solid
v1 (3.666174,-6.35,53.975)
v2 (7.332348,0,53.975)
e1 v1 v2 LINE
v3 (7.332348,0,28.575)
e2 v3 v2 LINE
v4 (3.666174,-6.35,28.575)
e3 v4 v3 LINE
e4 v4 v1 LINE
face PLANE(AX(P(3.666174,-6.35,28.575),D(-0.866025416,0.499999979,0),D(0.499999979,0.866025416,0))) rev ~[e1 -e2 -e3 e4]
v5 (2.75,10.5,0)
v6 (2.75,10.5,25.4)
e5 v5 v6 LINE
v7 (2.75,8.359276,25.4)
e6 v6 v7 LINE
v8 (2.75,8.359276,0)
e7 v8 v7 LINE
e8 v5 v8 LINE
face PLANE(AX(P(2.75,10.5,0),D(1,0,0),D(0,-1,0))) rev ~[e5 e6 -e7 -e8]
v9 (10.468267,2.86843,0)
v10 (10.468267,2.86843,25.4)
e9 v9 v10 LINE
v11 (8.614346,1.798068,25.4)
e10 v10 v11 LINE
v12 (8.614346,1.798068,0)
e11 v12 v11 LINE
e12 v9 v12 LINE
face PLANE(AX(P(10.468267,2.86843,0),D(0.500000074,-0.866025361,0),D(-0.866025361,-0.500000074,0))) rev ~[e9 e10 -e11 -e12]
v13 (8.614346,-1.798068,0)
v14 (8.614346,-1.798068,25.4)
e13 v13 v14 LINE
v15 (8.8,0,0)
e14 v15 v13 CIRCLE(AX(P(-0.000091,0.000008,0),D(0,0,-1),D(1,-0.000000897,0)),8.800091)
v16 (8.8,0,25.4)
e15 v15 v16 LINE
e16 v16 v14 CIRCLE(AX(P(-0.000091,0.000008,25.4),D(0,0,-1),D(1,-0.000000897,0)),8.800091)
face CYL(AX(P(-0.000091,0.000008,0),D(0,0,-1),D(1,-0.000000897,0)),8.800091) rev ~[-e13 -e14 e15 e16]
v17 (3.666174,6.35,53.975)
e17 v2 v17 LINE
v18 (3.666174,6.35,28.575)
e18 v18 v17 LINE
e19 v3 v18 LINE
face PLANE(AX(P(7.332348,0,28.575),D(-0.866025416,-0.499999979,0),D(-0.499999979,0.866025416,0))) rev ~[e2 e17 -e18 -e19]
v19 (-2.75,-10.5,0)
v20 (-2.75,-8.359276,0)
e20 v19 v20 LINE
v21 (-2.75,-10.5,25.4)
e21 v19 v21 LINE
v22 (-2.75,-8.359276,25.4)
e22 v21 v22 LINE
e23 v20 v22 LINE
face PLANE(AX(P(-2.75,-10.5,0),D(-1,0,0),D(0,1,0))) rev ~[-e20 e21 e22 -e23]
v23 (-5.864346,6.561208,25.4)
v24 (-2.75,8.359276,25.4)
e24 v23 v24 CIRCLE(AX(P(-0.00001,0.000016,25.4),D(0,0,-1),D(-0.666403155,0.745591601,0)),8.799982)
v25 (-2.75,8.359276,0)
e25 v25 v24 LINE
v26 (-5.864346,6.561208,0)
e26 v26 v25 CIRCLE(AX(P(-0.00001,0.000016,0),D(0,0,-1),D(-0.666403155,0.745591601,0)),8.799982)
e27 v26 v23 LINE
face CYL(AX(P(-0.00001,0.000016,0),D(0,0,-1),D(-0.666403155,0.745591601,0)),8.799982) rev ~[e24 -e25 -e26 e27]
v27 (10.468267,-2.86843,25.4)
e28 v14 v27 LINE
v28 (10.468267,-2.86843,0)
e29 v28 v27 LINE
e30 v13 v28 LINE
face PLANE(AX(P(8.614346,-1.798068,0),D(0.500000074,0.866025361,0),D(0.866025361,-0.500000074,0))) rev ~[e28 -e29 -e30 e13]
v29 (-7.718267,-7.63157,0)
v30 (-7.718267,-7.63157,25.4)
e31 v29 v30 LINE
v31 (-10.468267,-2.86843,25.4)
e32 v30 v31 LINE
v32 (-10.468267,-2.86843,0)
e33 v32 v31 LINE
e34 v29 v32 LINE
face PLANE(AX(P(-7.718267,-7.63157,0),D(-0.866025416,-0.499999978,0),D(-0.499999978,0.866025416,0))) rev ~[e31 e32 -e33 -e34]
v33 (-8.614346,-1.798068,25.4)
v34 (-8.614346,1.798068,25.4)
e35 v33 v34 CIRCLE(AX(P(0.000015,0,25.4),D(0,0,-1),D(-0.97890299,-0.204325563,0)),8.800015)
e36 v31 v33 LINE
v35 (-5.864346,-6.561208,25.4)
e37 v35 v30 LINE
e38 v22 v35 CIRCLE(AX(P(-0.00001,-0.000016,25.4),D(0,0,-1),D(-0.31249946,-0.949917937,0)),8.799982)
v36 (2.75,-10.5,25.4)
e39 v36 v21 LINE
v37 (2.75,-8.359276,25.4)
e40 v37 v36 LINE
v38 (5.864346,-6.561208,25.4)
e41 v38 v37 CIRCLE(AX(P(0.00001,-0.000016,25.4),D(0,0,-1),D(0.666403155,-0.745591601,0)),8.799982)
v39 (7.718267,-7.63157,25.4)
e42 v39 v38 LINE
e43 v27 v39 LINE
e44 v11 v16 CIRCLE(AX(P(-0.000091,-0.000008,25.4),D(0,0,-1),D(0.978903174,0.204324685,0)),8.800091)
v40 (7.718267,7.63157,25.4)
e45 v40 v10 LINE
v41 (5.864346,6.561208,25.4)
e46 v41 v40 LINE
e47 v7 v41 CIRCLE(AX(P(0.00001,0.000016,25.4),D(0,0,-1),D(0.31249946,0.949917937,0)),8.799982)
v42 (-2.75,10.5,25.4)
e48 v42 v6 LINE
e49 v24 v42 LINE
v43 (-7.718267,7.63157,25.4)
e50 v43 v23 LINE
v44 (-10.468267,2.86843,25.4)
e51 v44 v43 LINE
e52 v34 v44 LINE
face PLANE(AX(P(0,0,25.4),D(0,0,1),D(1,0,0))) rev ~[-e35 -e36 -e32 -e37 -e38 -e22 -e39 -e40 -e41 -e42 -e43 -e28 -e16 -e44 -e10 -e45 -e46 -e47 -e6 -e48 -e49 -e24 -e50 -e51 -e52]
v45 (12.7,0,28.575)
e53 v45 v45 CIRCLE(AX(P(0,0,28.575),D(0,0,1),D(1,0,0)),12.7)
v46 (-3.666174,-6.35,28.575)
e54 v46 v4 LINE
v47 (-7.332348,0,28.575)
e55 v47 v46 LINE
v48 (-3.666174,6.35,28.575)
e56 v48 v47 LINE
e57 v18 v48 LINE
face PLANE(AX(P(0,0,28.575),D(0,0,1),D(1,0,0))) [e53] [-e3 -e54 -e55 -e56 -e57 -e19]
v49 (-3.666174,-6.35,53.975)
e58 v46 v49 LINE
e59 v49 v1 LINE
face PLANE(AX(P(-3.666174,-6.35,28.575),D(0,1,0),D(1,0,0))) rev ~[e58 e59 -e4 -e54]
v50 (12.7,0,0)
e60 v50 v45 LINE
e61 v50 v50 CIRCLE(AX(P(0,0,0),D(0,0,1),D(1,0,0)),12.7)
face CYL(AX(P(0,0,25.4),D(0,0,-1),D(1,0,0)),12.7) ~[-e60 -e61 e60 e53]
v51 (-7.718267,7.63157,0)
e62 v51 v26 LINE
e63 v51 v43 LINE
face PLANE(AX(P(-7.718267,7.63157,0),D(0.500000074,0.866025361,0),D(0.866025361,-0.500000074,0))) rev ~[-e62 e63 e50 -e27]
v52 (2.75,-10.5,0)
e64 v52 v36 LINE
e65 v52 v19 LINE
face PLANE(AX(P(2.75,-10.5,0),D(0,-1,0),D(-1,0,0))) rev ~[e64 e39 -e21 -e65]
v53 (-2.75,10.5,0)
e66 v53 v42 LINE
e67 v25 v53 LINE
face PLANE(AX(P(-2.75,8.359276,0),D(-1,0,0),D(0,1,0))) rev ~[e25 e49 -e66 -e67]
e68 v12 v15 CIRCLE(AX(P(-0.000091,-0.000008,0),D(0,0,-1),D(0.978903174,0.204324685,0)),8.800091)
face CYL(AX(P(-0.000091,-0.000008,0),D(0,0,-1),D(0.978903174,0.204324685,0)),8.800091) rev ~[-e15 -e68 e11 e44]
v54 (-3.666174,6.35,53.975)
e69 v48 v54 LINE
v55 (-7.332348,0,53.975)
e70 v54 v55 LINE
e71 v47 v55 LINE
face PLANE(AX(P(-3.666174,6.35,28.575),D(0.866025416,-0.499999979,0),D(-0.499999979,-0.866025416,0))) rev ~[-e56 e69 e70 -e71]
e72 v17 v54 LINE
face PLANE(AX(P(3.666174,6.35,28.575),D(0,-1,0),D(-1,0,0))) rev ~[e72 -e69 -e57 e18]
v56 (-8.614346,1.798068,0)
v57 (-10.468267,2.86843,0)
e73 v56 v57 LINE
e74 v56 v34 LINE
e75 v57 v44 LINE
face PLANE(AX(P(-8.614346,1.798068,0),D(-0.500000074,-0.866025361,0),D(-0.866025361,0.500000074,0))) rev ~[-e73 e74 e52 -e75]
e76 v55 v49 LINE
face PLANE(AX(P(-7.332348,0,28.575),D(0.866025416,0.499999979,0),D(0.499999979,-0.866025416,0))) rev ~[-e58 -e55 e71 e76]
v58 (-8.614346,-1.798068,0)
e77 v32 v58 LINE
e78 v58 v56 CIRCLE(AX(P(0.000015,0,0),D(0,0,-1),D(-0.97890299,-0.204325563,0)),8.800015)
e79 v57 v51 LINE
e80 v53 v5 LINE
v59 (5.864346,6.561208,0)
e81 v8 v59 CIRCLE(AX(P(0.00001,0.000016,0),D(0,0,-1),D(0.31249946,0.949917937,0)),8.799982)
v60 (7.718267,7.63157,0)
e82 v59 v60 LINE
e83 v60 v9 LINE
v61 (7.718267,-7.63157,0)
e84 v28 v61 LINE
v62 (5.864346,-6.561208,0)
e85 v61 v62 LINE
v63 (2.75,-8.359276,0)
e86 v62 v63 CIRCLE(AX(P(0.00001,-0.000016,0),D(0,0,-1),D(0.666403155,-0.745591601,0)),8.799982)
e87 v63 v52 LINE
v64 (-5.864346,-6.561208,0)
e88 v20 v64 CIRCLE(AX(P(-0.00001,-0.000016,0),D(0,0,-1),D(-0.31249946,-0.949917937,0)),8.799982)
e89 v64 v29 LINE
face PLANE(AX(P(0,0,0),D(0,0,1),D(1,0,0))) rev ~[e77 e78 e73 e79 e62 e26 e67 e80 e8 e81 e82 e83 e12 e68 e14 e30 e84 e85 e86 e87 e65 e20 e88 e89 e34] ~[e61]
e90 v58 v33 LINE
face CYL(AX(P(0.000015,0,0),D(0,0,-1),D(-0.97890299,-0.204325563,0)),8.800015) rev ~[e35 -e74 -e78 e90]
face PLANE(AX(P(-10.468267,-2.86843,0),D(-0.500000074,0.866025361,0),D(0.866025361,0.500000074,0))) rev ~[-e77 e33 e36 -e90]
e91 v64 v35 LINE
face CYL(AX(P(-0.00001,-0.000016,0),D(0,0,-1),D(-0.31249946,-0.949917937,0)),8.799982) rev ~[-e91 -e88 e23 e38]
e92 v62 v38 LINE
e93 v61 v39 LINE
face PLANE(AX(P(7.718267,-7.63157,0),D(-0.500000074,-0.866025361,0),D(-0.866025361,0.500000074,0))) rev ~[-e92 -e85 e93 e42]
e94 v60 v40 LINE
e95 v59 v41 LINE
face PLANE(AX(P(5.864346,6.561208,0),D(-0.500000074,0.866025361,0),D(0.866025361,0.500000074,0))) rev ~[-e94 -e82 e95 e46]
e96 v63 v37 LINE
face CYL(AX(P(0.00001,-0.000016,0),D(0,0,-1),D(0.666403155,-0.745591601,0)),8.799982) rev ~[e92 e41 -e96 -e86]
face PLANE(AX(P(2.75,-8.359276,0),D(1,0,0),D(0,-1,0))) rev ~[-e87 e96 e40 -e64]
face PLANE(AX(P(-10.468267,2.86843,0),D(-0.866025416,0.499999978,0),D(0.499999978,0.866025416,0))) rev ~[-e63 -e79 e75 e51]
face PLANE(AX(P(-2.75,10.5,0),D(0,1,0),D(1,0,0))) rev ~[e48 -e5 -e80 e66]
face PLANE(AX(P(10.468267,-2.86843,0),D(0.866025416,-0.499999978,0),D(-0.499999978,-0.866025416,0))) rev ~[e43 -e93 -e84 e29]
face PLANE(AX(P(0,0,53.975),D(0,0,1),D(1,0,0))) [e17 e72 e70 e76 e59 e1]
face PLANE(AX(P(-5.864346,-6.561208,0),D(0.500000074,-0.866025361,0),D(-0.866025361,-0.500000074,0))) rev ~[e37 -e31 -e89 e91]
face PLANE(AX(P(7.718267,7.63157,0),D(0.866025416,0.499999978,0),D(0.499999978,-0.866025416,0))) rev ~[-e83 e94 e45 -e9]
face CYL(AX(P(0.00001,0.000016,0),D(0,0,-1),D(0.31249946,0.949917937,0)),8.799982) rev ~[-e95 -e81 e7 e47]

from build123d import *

# Parameters (mm, degrees)
F0_R     = 12.7
F1_DEPTH = 25.4
F2_R     = 12.7
F3_DEPTH = 3.175
F5_DEPTH = 25.4


with BuildPart() as f1:
    # F0 (on Top) → F1 (new body)
    with BuildSketch(Plane.XY):
        Circle(F0_R)
        with BuildLine():
            ThreePointArc((8.614346, 1.798068), (8.753463, 0.903814), (8.8, 0))
            ThreePointArc((8.8, 0), (8.753463, -0.903814), (8.614346, -1.798068))
            Line((8.614346, -1.798068), (10.468267, -2.86843))
            Line((10.468267, -2.86843), (7.718267, -7.63157))
            Line((7.718267, -7.63157), (5.864346, -6.561208))
            ThreePointArc((5.864346, -6.561208), (4.4, -7.621024), (2.75, -8.359276))
            Line((2.75, -8.359276), (2.75, -10.5))
            Line((2.75, -10.5), (-2.75, -10.5))
            Line((-2.75, -10.5), (-2.75, -8.359276))
            ThreePointArc((-2.75, -8.359276), (-4.4, -7.621024), (-5.864346, -6.561208))
            Line((-5.864346, -6.561208), (-7.718267, -7.63157))
            Line((-7.718267, -7.63157), (-10.468267, -2.86843))
            Line((-10.468267, -2.86843), (-8.614346, -1.798068))
            ThreePointArc((-8.614346, -1.798068), (-8.8, 0), (-8.614346, 1.798068))
            Line((-8.614346, 1.798068), (-10.468267, 2.86843))
            Line((-10.468267, 2.86843), (-7.718267, 7.63157))
            Line((-7.718267, 7.63157), (-5.864346, 6.561208))
            ThreePointArc((-5.864346, 6.561208), (-4.4, 7.621024), (-2.75, 8.359276))
            Line((-2.75, 8.359276), (-2.75, 10.5))
            Line((-2.75, 10.5), (2.75, 10.5))
            Line((2.75, 10.5), (2.75, 8.359276))
            ThreePointArc((2.75, 8.359276), (4.4, 7.621024), (5.864346, 6.561208))
            Line((5.864346, 6.561208), (7.718267, 7.63157))
            Line((7.718267, 7.63157), (10.468267, 2.86843))
            Line((10.468267, 2.86843), (8.614346, 1.798068))
        make_face(mode=Mode.SUBTRACT)
    extrude(amount=F1_DEPTH)

    # F2 (on face) → F3 (join)
    with BuildSketch(Plane.XY.offset(25.4)):
        Circle(F2_R)
    extrude(amount=F3_DEPTH)

    # F4 (on face) → F5 (join)
    with BuildSketch(Plane.XY.offset(28.575)):
        Polygon((3.666174, 6.35), (-3.666174, 6.35), (-7.332348, 0), (-3.666174, -6.35), (3.666174, -6.35), (7.332348, 0), align=None)
    extrude(amount=F5_DEPTH)


solid = f1.part
